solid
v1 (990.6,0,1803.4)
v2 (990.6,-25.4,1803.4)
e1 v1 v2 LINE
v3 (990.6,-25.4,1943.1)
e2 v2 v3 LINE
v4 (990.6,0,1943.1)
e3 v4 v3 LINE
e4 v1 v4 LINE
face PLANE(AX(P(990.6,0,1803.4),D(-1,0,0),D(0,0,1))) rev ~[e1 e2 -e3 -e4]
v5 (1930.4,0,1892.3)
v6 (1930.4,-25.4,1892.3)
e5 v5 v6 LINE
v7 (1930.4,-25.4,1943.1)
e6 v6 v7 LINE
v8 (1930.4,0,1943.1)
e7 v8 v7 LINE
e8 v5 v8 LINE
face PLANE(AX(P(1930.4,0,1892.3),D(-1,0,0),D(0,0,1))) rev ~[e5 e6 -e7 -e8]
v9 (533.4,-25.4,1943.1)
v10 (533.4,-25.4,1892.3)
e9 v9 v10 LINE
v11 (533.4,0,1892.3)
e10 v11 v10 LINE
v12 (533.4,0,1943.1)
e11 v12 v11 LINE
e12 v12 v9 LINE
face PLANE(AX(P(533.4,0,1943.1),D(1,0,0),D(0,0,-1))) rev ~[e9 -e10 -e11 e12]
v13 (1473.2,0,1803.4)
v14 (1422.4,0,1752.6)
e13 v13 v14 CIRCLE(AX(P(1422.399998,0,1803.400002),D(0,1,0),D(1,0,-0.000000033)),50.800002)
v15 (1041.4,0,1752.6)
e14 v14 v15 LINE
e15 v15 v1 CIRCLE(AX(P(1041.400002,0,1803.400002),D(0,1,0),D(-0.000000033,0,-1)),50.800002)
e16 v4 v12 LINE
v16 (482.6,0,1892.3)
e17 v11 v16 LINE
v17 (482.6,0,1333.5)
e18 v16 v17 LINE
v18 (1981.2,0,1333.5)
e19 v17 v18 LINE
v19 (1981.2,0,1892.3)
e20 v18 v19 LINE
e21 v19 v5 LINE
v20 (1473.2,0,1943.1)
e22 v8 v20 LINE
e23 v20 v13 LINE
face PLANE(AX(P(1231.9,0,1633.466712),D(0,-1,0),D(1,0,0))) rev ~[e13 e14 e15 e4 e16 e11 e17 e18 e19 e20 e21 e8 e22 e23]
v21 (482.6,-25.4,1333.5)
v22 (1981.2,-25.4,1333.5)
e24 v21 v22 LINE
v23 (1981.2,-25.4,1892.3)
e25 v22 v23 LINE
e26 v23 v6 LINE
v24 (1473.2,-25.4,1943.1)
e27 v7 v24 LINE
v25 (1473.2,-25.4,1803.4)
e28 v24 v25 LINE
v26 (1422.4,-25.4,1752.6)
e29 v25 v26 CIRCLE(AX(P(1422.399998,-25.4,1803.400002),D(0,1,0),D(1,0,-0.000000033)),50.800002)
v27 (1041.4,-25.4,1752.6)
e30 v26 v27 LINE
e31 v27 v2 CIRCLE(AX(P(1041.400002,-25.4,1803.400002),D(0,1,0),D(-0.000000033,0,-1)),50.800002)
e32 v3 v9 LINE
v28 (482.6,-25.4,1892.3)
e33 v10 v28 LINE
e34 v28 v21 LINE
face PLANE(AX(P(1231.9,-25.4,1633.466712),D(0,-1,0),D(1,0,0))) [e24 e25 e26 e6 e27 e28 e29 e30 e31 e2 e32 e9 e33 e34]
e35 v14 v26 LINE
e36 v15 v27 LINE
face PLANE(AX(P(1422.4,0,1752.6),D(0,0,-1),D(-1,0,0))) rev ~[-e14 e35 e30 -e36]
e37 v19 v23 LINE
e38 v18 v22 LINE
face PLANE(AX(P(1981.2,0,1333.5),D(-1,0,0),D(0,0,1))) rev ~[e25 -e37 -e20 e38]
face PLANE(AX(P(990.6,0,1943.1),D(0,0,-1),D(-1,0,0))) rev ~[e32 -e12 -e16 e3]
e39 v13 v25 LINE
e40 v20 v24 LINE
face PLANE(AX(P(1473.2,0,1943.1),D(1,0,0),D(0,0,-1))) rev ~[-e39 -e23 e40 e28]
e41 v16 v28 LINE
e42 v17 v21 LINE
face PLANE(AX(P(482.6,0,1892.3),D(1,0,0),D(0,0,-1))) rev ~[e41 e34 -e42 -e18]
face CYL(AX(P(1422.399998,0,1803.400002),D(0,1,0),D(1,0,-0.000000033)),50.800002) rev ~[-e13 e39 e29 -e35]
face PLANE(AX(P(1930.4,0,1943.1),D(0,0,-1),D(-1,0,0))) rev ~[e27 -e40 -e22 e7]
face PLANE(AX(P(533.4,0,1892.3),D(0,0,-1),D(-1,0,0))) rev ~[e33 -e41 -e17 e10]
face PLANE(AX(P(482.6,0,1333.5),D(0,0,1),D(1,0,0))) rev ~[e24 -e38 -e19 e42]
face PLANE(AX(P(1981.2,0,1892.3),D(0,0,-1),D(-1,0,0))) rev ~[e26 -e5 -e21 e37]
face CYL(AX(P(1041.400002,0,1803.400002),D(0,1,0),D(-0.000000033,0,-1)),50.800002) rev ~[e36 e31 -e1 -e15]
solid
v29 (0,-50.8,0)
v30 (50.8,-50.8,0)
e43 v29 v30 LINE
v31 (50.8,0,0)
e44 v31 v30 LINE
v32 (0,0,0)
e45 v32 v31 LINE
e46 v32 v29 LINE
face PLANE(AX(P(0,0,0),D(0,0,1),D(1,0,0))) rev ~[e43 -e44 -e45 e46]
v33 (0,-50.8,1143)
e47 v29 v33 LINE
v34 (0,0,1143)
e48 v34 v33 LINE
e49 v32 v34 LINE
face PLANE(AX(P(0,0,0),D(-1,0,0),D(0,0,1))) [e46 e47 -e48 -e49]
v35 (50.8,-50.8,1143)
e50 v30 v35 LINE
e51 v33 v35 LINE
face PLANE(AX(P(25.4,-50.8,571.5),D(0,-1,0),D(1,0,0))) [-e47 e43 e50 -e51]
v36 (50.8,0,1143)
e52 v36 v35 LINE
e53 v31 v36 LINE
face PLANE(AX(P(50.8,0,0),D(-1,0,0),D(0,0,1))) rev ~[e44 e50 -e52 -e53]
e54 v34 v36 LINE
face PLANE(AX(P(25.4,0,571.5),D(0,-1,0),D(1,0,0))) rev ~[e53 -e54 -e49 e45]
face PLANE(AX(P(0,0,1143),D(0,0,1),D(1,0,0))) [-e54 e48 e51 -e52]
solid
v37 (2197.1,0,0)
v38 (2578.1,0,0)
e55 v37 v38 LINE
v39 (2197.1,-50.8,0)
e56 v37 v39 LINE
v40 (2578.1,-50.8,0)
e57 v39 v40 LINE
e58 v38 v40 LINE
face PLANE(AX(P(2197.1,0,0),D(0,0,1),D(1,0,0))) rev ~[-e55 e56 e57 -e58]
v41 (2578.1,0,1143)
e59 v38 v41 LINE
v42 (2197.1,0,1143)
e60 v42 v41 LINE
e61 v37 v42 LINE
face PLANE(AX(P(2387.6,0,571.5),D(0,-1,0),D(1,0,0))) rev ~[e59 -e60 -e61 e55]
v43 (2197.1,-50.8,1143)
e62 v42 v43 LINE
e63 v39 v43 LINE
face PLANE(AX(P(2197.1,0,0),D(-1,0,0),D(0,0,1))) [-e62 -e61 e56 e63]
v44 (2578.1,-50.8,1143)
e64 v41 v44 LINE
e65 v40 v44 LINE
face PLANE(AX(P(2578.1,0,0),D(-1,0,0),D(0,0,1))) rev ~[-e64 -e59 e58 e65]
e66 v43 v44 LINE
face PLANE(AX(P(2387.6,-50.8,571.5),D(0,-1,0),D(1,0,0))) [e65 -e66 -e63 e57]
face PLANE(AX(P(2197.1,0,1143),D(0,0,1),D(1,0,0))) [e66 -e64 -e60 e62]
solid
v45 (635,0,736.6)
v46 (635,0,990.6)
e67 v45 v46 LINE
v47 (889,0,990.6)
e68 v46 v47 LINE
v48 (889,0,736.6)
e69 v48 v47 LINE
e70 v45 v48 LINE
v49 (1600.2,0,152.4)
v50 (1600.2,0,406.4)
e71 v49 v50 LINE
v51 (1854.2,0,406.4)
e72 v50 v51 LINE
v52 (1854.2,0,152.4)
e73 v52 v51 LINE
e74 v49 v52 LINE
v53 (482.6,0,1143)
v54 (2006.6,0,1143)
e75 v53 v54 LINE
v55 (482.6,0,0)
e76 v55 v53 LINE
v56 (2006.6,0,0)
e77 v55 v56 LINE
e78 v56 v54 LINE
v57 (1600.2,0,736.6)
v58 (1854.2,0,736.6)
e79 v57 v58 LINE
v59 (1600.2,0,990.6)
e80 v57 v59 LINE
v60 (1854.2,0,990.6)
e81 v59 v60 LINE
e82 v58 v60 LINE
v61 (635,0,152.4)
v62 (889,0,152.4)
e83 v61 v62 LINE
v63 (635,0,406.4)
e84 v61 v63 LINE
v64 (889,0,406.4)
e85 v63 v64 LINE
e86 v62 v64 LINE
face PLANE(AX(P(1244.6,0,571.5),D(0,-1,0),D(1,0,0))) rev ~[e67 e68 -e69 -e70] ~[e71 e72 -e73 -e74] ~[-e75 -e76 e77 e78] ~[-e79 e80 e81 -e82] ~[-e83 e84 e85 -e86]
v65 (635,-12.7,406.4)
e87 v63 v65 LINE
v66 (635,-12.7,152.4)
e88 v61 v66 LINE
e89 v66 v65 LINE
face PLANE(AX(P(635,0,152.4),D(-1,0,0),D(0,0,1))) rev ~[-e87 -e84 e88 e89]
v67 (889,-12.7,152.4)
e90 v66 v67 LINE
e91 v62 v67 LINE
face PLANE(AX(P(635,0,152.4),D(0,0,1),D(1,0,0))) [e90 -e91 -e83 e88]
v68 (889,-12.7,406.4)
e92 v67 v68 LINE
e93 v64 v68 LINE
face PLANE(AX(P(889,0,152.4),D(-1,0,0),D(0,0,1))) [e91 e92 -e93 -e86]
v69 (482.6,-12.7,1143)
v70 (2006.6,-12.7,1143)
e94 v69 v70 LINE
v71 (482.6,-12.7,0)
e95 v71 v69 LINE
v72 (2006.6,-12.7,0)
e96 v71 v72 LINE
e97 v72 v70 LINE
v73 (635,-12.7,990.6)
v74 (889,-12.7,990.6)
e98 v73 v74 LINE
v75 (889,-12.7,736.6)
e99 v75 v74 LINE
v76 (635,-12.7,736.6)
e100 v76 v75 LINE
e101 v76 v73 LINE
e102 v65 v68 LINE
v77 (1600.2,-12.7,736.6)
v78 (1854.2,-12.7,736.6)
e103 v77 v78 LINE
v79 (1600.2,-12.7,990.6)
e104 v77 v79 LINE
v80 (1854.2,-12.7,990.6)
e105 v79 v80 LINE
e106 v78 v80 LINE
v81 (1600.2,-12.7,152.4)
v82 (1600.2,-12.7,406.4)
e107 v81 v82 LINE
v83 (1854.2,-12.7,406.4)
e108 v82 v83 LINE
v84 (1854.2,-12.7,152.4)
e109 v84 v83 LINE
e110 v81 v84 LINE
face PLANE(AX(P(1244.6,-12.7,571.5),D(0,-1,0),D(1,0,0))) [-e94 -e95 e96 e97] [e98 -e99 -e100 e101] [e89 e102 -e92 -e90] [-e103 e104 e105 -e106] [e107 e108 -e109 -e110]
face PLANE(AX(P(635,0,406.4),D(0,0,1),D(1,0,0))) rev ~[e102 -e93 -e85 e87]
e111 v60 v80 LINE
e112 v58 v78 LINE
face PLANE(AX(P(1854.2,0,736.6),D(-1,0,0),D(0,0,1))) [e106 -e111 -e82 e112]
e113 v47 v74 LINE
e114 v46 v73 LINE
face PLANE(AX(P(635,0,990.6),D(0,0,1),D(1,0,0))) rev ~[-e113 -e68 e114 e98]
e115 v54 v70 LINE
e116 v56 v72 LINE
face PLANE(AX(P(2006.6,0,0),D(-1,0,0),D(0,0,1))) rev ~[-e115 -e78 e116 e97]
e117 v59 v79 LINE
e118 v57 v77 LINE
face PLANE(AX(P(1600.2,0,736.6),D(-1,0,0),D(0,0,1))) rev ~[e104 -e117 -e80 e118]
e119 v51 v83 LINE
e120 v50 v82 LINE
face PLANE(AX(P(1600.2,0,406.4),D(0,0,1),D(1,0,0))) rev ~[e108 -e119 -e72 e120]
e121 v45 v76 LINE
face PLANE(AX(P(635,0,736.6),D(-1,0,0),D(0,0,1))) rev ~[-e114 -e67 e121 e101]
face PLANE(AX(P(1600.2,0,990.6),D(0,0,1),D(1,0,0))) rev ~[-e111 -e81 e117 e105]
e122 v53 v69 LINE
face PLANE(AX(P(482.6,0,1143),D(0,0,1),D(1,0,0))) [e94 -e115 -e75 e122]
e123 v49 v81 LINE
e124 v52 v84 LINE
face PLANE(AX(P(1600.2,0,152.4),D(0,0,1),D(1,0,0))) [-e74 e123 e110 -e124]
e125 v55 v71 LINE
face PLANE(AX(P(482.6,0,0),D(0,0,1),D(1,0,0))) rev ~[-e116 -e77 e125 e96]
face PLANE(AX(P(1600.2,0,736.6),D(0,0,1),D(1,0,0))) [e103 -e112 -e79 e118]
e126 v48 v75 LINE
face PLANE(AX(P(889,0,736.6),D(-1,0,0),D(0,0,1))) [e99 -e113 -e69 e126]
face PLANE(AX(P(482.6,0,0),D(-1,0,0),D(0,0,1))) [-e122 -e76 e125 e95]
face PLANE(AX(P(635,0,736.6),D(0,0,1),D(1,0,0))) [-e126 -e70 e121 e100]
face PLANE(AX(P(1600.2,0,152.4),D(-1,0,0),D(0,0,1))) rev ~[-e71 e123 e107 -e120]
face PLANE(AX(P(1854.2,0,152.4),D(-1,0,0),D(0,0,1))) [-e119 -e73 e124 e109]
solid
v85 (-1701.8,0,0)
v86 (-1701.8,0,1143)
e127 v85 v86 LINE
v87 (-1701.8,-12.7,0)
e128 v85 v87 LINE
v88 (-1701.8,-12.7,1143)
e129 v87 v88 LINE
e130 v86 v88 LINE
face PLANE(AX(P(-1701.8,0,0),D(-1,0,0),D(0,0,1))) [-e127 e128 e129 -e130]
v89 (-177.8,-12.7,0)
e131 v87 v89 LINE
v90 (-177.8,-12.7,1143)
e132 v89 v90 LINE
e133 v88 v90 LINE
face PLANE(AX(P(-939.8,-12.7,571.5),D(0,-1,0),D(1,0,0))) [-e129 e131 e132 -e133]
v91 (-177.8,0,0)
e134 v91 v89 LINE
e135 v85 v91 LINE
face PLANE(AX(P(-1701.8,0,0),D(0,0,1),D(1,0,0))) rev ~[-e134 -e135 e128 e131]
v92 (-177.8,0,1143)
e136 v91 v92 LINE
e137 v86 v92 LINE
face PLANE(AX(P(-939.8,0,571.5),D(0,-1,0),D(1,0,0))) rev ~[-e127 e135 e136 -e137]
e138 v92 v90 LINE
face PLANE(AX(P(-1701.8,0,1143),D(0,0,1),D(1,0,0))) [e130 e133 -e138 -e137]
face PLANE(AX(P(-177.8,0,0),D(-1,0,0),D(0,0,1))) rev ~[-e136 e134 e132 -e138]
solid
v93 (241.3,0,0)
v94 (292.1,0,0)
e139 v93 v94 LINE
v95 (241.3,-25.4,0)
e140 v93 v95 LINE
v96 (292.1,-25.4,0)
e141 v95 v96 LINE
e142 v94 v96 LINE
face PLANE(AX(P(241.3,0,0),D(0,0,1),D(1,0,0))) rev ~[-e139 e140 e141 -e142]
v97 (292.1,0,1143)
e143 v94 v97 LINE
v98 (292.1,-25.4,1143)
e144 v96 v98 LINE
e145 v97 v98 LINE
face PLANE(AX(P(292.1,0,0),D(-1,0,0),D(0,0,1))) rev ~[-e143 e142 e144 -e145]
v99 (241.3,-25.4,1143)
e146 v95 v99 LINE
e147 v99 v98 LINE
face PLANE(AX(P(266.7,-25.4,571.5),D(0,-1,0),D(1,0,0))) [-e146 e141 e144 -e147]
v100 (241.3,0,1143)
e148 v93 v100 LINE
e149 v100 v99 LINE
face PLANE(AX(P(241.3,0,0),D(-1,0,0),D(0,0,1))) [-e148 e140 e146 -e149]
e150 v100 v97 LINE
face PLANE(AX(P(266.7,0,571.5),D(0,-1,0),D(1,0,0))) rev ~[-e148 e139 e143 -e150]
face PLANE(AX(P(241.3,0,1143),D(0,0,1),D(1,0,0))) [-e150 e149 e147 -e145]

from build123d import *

# Parameters (mm, degrees)
F0_W      = 50.8
F0_H      = 1143
F1_DEPTH  = 50.8
F2_W      = 50.8
F2_H      = 1143
F3_DEPTH  = 25.4
F4_W      = 1524
F4_H      = 1143
F5_DEPTH  = 12.7
F6_W      = 1524
F6_H      = 1143
F6_W_2    = 254
F6_H_2    = 254
F7_DEPTH  = 12.7
F9_DEPTH  = 25.4
F10_W     = 381
F10_H     = 1143
F11_DEPTH = 50.8


with BuildPart() as f1:
    # F0 (on Front) → F1 (new body)
    with BuildSketch(Plane.XZ):
        with Locations((25.4, 571.5)):
            Rectangle(F0_W, F0_H)
    extrude(amount=F1_DEPTH)


with BuildPart() as f3:
    # F2 (on Front) → F3 (new body)
    with BuildSketch(Plane.XZ):
        with Locations((266.7, 571.5)):
            Rectangle(F2_W, F2_H)
    extrude(amount=F3_DEPTH)


with BuildPart() as f5:
    # F4 (on Front) → F5 (new body)
    with BuildSketch(Plane.XZ):
        with Locations((-939.8, 571.5)):
            Rectangle(F4_W, F4_H)
    extrude(amount=F5_DEPTH)


with BuildPart() as f7:
    # F6 (on Front) → F7 (new body)
    with BuildSketch(Plane.XZ):
        with Locations((1244.6, 571.5)):
            Rectangle(F6_W, F6_H)
        with Locations((762, 279.4)):
            Rectangle(F6_W_2, F6_H_2, mode=Mode.SUBTRACT)
        with Locations((1727.2, 279.4)):
            Rectangle(F6_W_2, F6_H_2, mode=Mode.SUBTRACT)
        with Locations((762, 863.6)):
            Rectangle(F6_W_2, F6_H_2, mode=Mode.SUBTRACT)
        with Locations((1727.2, 863.6)):
            Rectangle(F6_W_2, F6_H_2, mode=Mode.SUBTRACT)
    extrude(amount=F7_DEPTH)


with BuildPart() as f9:
    # F8 (on Front) → F9 (new body)
    with BuildSketch(Plane.XZ):
        with BuildLine():
            Line((482.6, 1892.3), (482.6, 1333.5))
            Line((482.6, 1333.5), (1981.2, 1333.5))
            Line((1981.2, 1333.5), (1981.2, 1892.3))
            Line((1981.2, 1892.3), (1930.4, 1892.3))
            Line((1930.4, 1892.3), (1930.4, 1943.1))
            Line((1930.4, 1943.1), (1473.2, 1943.1))
            Line((1473.2, 1943.1), (1473.2, 1803.4))
            ThreePointArc((1473.2, 1803.4), (1458.321024, 1767.478976), (1422.4, 1752.6))
            Line((1422.4, 1752.6), (1041.4, 1752.6))
            ThreePointArc((1041.4, 1752.6), (1005.478976, 1767.478976), (990.6, 1803.4))
            Line((990.6, 1803.4), (990.6, 1943.1))
            Line((990.6, 1943.1), (533.4, 1943.1))
            Line((533.4, 1943.1), (533.4, 1892.3))
            Line((533.4, 1892.3), (482.6, 1892.3))
        make_face()
    extrude(amount=F9_DEPTH)


with BuildPart() as f11:
    # F10 (on Front) → F11 (new body)
    with BuildSketch(Plane.XZ):
        with Locations((2387.6, 571.5)):
            Rectangle(F10_W, F10_H)
    extrude(amount=F11_DEPTH)


solid = Compound([f1.part, f3.part, f5.part, f7.part, f9.part, f11.part])
